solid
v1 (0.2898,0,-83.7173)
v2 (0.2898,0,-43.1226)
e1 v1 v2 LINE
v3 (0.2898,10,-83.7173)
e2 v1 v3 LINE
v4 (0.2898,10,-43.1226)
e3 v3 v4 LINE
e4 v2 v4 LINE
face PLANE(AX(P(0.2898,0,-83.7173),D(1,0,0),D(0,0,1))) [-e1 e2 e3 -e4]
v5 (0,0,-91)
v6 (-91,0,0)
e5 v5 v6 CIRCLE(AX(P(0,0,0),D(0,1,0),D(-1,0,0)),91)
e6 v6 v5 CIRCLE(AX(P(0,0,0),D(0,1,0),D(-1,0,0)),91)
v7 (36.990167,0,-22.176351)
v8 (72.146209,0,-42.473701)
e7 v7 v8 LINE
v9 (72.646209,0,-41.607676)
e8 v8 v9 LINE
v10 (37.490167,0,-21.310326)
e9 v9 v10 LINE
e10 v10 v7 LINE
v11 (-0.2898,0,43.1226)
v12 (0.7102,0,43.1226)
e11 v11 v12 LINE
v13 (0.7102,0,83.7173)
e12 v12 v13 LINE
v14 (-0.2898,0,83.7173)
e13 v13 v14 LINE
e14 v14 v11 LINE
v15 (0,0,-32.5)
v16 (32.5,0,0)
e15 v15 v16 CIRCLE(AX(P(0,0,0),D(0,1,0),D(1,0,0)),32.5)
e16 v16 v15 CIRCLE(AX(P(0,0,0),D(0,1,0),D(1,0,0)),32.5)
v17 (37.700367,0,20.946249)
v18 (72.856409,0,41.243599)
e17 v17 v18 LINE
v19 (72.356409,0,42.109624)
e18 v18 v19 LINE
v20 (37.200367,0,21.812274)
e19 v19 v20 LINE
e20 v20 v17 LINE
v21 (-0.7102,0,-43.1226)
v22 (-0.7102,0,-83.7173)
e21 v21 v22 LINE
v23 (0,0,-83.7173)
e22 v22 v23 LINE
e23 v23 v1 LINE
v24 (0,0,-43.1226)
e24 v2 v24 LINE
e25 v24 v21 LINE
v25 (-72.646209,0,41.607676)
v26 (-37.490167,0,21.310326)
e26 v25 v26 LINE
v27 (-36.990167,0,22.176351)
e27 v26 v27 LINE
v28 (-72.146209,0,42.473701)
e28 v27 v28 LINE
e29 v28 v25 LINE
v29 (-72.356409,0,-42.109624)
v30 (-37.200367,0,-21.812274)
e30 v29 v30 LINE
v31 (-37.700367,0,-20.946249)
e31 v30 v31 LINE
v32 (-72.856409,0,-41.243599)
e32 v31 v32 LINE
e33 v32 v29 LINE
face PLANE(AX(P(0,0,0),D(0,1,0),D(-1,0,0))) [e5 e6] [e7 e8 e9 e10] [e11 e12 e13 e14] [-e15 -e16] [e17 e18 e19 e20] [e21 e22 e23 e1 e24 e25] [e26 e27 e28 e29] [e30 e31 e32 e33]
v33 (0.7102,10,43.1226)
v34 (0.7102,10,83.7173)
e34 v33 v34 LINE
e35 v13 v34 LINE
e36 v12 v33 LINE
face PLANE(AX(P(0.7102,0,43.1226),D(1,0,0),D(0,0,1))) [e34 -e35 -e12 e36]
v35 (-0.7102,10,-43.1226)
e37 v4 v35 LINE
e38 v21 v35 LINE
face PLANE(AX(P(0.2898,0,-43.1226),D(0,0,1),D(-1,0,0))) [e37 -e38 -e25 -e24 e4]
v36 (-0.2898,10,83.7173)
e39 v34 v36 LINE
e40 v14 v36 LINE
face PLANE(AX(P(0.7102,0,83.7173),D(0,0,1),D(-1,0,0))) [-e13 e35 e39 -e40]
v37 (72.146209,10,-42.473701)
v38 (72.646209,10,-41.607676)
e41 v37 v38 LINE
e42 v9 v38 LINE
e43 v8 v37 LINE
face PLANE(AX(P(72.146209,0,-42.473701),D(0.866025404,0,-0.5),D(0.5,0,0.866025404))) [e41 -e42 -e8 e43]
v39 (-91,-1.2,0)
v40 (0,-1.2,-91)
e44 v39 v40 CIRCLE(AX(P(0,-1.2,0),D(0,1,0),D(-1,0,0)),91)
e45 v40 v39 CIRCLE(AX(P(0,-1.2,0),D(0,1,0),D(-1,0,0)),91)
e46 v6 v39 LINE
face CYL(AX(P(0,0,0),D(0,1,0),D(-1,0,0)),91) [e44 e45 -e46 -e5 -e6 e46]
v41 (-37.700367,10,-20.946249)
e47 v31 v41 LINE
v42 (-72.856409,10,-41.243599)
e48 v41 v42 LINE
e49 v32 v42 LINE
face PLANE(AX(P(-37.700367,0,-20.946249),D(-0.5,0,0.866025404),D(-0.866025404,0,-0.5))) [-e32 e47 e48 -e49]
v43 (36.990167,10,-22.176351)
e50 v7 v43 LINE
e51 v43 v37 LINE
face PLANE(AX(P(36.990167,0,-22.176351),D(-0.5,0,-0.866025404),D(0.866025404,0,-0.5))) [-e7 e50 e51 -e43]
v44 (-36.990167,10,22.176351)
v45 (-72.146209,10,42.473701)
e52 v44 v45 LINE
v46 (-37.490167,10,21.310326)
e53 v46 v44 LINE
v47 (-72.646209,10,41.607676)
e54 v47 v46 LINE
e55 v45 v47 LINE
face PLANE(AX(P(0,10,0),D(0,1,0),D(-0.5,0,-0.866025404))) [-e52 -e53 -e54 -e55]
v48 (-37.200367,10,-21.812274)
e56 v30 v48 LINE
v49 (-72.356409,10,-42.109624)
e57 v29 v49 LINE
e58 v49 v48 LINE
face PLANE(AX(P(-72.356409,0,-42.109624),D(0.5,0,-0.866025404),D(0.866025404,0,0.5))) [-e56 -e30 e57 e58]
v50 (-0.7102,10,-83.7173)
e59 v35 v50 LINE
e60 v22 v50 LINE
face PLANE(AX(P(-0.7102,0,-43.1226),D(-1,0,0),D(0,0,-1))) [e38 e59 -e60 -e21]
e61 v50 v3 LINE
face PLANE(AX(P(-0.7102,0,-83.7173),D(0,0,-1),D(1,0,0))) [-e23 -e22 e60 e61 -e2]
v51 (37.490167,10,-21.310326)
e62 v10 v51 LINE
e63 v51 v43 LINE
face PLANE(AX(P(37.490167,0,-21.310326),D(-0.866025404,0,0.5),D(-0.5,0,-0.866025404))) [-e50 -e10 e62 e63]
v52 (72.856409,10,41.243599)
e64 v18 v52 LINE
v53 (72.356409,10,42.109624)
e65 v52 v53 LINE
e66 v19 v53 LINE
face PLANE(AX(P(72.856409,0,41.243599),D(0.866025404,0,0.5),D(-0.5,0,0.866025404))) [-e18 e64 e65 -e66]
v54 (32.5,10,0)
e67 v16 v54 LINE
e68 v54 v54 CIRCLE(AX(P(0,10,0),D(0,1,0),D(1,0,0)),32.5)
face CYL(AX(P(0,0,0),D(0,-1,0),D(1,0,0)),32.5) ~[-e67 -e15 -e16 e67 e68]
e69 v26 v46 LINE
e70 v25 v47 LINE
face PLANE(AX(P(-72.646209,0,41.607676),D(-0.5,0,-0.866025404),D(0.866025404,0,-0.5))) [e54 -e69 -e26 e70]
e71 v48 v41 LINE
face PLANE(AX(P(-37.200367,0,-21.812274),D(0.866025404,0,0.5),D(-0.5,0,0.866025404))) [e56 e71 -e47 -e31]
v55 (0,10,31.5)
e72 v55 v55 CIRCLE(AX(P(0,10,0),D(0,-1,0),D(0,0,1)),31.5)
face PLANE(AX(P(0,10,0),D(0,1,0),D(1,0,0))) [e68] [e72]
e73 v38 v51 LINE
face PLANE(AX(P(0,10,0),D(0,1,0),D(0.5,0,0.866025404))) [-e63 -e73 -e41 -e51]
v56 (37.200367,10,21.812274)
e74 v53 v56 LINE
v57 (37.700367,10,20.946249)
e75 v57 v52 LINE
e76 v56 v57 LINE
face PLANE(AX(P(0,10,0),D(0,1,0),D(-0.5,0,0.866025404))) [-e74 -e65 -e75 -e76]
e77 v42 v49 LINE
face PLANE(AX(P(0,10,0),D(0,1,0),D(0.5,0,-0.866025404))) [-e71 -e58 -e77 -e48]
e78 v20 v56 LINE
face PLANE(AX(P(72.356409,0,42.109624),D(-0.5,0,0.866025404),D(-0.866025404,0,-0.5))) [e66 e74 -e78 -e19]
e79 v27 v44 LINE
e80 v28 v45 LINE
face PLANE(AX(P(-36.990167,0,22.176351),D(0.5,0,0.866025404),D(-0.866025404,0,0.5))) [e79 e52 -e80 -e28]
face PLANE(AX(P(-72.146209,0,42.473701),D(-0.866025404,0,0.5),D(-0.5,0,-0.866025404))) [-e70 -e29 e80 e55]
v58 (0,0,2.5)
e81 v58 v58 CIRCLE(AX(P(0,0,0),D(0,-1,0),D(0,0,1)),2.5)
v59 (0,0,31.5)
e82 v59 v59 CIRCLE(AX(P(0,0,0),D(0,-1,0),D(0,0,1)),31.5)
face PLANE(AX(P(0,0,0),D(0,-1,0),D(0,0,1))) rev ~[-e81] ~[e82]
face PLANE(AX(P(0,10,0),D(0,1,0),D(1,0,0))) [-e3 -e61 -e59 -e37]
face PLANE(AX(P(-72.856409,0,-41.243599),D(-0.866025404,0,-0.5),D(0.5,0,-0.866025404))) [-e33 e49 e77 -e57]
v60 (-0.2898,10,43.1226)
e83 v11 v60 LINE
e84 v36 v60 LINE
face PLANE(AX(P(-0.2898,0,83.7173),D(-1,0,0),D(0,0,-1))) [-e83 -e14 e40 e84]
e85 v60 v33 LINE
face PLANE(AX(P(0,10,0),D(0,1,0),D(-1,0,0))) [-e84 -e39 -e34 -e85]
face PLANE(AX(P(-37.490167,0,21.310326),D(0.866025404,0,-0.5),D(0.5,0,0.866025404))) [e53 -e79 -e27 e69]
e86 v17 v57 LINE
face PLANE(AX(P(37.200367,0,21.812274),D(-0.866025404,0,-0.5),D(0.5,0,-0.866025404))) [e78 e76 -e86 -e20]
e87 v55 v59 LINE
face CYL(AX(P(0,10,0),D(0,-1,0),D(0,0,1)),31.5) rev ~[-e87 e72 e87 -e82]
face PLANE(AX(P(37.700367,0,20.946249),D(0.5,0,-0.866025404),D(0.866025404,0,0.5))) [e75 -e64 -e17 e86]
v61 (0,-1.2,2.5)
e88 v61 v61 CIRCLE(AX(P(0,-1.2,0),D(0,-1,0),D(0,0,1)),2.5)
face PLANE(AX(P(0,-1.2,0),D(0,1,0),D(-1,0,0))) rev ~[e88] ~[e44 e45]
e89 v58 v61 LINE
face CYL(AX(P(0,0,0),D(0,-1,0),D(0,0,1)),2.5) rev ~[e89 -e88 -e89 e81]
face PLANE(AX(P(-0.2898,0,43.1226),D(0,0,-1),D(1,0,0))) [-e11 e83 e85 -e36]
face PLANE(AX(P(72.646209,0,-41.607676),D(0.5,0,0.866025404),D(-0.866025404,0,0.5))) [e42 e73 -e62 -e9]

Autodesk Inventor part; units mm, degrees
ref_plane "YZ Plane" through (0, 0, 0) normal (1, 0, 0) x (0, 1, 0)
ref_plane "XZ Plane" through (0, 0, 0) normal (0, 1, 0) x (-1, 0, 0)
ref_plane "XY Plane" through (0, 0, 0) normal (0, 0, 1) x (1, 0, 0)
sketch "Sketch4" plane through (0, 0, 0) normal (0, 1, 0) x (-1, 0, 0)
  circle A0 centre (0, 0) radius 32.5
  line L0 (85.3525, 23.3053) -> (40.3525, 23.3053)
  line L1 (40.3525, 23.3053) -> (40.3525, -21.6947)
  line L2 (40.3525, -21.6947) -> (85.3525, -21.6947)
  line L3 (85.3525, -21.6947) -> (85.3525, 23.3053)
  line L4 (22.4932, 85.5701) -> (-0.0068, 46.5989)
  line L5 (-0.0068, 46.5989) -> (38.9644, 24.0989)
  line L6 (38.9644, 24.0989) -> (61.4644, 63.0701)
  line L7 (61.4644, 63.0701) -> (22.4932, 85.5701)
  line L8 (-62.8593, 62.2648) -> (-40.3593, 23.2936)
  line L9 (-40.3593, 23.2936) -> (-1.3881, 45.7936)
  line L10 (-1.3881, 45.7936) -> (-23.8881, 84.7648)
  line L11 (-23.8881, 84.7648) -> (-62.8593, 62.2648)
  line L12 (-85.3525, -23.3053) -> (-40.3525, -23.3053)
  line L13 (-40.3525, -23.3053) -> (-40.3525, 21.6947)
  line L14 (-40.3525, 21.6947) -> (-85.3525, 21.6947)
  line L15 (-85.3525, 21.6947) -> (-85.3525, -23.3053)
  line L16 (-22.4932, -85.5701) -> (0.0068, -46.5989)
  line L17 (0.0068, -46.5989) -> (-38.9644, -24.0989)
  line L18 (-38.9644, -24.0989) -> (-61.4644, -63.0701)
  line L19 (-61.4644, -63.0701) -> (-22.4932, -85.5701)
  line L20 (62.8593, -62.2648) -> (40.3593, -23.2936)
  line L21 (40.3593, -23.2936) -> (1.3881, -45.7936)
  line L22 (1.3881, -45.7936) -> (23.8881, -84.7648)
  line L23 (23.8881, -84.7648) -> (62.8593, -62.2648)
  circle A1 centre (0, 0) radius 91
  line L24 (0, -32.5) -> (0, -91)
  dimension "d5" = 65
  dimension "d12" = 182
  dimension "d6" = 45
  dimension "d7" = 45
  dimension "d10" = 360
extrude "Extrusion2" add sketch "Sketch4" against normal blind 1.2 contours A0 | A1 | L17 L16 L24 | L24 L16 L19 L18 L17 | L3 L2 L1 L0 | L7 L6 L5 L4 | L11 L10 L9 L8 | L15 L14 L13 L12 | L23 L22 L21 L20
sketch "Sketch6" plane through (0, 0, 0) normal (0, 1, 0) x (1, 0, 0)
  circle A0 centre (0, 0) radius 42.5
  circle A1 centre (0, 0) radius 91 projected
  line L0 (-0.7102, 83.7173) -> (0.2898, 83.7173)
  line L1 (0.2898, 83.7173) -> (0.2898, 43.1226)
  line L2 (0.2898, 43.1226) -> (-0.7102, 43.1226)
  line L3 (-0.7102, 43.1226) -> (-0.7102, 83.7173)
  dimension "d15" = 85
  dimension "d16" = 1
extrude "Extrusion3" add sketch "Sketch6" along normal blind 10 contours L0 L1 L2 L3
pattern_circular "Circular Pattern1" count 6 over 360 about axis through (0, -10, 0) along (0, 1, 0) of "Extrusion3"
sketch "Sketch7" plane through (0, 0, 0) normal (0, 1, 0) x (1, 0, 0)
  circle A0 centre (0, 0) radius 32.5
  dimension "d24" = 65
extrude "Extrusion4" add sketch "Sketch7" along normal blind 10
sketch "Sketch12" plane through (0, 10, 0) normal (0, 1, 0) x (1, 0, 0)
  point P0 (0, 0)
  point P1 (0, 0)
hole "Hole3" at (0, 10, 0) direction (0, -1, 0) diameter 63 depth 10
sketch "Sketch13" plane through (0, 0, 0) normal (0, 1, 0) x (1, 0, 0)
  point P0 (0, 0)
  point P1 (0, 0)
hole "Hole4" at (0, 0, 0) direction (0, -1, 0) diameter 5 depth 2
properties part number "Plate"
